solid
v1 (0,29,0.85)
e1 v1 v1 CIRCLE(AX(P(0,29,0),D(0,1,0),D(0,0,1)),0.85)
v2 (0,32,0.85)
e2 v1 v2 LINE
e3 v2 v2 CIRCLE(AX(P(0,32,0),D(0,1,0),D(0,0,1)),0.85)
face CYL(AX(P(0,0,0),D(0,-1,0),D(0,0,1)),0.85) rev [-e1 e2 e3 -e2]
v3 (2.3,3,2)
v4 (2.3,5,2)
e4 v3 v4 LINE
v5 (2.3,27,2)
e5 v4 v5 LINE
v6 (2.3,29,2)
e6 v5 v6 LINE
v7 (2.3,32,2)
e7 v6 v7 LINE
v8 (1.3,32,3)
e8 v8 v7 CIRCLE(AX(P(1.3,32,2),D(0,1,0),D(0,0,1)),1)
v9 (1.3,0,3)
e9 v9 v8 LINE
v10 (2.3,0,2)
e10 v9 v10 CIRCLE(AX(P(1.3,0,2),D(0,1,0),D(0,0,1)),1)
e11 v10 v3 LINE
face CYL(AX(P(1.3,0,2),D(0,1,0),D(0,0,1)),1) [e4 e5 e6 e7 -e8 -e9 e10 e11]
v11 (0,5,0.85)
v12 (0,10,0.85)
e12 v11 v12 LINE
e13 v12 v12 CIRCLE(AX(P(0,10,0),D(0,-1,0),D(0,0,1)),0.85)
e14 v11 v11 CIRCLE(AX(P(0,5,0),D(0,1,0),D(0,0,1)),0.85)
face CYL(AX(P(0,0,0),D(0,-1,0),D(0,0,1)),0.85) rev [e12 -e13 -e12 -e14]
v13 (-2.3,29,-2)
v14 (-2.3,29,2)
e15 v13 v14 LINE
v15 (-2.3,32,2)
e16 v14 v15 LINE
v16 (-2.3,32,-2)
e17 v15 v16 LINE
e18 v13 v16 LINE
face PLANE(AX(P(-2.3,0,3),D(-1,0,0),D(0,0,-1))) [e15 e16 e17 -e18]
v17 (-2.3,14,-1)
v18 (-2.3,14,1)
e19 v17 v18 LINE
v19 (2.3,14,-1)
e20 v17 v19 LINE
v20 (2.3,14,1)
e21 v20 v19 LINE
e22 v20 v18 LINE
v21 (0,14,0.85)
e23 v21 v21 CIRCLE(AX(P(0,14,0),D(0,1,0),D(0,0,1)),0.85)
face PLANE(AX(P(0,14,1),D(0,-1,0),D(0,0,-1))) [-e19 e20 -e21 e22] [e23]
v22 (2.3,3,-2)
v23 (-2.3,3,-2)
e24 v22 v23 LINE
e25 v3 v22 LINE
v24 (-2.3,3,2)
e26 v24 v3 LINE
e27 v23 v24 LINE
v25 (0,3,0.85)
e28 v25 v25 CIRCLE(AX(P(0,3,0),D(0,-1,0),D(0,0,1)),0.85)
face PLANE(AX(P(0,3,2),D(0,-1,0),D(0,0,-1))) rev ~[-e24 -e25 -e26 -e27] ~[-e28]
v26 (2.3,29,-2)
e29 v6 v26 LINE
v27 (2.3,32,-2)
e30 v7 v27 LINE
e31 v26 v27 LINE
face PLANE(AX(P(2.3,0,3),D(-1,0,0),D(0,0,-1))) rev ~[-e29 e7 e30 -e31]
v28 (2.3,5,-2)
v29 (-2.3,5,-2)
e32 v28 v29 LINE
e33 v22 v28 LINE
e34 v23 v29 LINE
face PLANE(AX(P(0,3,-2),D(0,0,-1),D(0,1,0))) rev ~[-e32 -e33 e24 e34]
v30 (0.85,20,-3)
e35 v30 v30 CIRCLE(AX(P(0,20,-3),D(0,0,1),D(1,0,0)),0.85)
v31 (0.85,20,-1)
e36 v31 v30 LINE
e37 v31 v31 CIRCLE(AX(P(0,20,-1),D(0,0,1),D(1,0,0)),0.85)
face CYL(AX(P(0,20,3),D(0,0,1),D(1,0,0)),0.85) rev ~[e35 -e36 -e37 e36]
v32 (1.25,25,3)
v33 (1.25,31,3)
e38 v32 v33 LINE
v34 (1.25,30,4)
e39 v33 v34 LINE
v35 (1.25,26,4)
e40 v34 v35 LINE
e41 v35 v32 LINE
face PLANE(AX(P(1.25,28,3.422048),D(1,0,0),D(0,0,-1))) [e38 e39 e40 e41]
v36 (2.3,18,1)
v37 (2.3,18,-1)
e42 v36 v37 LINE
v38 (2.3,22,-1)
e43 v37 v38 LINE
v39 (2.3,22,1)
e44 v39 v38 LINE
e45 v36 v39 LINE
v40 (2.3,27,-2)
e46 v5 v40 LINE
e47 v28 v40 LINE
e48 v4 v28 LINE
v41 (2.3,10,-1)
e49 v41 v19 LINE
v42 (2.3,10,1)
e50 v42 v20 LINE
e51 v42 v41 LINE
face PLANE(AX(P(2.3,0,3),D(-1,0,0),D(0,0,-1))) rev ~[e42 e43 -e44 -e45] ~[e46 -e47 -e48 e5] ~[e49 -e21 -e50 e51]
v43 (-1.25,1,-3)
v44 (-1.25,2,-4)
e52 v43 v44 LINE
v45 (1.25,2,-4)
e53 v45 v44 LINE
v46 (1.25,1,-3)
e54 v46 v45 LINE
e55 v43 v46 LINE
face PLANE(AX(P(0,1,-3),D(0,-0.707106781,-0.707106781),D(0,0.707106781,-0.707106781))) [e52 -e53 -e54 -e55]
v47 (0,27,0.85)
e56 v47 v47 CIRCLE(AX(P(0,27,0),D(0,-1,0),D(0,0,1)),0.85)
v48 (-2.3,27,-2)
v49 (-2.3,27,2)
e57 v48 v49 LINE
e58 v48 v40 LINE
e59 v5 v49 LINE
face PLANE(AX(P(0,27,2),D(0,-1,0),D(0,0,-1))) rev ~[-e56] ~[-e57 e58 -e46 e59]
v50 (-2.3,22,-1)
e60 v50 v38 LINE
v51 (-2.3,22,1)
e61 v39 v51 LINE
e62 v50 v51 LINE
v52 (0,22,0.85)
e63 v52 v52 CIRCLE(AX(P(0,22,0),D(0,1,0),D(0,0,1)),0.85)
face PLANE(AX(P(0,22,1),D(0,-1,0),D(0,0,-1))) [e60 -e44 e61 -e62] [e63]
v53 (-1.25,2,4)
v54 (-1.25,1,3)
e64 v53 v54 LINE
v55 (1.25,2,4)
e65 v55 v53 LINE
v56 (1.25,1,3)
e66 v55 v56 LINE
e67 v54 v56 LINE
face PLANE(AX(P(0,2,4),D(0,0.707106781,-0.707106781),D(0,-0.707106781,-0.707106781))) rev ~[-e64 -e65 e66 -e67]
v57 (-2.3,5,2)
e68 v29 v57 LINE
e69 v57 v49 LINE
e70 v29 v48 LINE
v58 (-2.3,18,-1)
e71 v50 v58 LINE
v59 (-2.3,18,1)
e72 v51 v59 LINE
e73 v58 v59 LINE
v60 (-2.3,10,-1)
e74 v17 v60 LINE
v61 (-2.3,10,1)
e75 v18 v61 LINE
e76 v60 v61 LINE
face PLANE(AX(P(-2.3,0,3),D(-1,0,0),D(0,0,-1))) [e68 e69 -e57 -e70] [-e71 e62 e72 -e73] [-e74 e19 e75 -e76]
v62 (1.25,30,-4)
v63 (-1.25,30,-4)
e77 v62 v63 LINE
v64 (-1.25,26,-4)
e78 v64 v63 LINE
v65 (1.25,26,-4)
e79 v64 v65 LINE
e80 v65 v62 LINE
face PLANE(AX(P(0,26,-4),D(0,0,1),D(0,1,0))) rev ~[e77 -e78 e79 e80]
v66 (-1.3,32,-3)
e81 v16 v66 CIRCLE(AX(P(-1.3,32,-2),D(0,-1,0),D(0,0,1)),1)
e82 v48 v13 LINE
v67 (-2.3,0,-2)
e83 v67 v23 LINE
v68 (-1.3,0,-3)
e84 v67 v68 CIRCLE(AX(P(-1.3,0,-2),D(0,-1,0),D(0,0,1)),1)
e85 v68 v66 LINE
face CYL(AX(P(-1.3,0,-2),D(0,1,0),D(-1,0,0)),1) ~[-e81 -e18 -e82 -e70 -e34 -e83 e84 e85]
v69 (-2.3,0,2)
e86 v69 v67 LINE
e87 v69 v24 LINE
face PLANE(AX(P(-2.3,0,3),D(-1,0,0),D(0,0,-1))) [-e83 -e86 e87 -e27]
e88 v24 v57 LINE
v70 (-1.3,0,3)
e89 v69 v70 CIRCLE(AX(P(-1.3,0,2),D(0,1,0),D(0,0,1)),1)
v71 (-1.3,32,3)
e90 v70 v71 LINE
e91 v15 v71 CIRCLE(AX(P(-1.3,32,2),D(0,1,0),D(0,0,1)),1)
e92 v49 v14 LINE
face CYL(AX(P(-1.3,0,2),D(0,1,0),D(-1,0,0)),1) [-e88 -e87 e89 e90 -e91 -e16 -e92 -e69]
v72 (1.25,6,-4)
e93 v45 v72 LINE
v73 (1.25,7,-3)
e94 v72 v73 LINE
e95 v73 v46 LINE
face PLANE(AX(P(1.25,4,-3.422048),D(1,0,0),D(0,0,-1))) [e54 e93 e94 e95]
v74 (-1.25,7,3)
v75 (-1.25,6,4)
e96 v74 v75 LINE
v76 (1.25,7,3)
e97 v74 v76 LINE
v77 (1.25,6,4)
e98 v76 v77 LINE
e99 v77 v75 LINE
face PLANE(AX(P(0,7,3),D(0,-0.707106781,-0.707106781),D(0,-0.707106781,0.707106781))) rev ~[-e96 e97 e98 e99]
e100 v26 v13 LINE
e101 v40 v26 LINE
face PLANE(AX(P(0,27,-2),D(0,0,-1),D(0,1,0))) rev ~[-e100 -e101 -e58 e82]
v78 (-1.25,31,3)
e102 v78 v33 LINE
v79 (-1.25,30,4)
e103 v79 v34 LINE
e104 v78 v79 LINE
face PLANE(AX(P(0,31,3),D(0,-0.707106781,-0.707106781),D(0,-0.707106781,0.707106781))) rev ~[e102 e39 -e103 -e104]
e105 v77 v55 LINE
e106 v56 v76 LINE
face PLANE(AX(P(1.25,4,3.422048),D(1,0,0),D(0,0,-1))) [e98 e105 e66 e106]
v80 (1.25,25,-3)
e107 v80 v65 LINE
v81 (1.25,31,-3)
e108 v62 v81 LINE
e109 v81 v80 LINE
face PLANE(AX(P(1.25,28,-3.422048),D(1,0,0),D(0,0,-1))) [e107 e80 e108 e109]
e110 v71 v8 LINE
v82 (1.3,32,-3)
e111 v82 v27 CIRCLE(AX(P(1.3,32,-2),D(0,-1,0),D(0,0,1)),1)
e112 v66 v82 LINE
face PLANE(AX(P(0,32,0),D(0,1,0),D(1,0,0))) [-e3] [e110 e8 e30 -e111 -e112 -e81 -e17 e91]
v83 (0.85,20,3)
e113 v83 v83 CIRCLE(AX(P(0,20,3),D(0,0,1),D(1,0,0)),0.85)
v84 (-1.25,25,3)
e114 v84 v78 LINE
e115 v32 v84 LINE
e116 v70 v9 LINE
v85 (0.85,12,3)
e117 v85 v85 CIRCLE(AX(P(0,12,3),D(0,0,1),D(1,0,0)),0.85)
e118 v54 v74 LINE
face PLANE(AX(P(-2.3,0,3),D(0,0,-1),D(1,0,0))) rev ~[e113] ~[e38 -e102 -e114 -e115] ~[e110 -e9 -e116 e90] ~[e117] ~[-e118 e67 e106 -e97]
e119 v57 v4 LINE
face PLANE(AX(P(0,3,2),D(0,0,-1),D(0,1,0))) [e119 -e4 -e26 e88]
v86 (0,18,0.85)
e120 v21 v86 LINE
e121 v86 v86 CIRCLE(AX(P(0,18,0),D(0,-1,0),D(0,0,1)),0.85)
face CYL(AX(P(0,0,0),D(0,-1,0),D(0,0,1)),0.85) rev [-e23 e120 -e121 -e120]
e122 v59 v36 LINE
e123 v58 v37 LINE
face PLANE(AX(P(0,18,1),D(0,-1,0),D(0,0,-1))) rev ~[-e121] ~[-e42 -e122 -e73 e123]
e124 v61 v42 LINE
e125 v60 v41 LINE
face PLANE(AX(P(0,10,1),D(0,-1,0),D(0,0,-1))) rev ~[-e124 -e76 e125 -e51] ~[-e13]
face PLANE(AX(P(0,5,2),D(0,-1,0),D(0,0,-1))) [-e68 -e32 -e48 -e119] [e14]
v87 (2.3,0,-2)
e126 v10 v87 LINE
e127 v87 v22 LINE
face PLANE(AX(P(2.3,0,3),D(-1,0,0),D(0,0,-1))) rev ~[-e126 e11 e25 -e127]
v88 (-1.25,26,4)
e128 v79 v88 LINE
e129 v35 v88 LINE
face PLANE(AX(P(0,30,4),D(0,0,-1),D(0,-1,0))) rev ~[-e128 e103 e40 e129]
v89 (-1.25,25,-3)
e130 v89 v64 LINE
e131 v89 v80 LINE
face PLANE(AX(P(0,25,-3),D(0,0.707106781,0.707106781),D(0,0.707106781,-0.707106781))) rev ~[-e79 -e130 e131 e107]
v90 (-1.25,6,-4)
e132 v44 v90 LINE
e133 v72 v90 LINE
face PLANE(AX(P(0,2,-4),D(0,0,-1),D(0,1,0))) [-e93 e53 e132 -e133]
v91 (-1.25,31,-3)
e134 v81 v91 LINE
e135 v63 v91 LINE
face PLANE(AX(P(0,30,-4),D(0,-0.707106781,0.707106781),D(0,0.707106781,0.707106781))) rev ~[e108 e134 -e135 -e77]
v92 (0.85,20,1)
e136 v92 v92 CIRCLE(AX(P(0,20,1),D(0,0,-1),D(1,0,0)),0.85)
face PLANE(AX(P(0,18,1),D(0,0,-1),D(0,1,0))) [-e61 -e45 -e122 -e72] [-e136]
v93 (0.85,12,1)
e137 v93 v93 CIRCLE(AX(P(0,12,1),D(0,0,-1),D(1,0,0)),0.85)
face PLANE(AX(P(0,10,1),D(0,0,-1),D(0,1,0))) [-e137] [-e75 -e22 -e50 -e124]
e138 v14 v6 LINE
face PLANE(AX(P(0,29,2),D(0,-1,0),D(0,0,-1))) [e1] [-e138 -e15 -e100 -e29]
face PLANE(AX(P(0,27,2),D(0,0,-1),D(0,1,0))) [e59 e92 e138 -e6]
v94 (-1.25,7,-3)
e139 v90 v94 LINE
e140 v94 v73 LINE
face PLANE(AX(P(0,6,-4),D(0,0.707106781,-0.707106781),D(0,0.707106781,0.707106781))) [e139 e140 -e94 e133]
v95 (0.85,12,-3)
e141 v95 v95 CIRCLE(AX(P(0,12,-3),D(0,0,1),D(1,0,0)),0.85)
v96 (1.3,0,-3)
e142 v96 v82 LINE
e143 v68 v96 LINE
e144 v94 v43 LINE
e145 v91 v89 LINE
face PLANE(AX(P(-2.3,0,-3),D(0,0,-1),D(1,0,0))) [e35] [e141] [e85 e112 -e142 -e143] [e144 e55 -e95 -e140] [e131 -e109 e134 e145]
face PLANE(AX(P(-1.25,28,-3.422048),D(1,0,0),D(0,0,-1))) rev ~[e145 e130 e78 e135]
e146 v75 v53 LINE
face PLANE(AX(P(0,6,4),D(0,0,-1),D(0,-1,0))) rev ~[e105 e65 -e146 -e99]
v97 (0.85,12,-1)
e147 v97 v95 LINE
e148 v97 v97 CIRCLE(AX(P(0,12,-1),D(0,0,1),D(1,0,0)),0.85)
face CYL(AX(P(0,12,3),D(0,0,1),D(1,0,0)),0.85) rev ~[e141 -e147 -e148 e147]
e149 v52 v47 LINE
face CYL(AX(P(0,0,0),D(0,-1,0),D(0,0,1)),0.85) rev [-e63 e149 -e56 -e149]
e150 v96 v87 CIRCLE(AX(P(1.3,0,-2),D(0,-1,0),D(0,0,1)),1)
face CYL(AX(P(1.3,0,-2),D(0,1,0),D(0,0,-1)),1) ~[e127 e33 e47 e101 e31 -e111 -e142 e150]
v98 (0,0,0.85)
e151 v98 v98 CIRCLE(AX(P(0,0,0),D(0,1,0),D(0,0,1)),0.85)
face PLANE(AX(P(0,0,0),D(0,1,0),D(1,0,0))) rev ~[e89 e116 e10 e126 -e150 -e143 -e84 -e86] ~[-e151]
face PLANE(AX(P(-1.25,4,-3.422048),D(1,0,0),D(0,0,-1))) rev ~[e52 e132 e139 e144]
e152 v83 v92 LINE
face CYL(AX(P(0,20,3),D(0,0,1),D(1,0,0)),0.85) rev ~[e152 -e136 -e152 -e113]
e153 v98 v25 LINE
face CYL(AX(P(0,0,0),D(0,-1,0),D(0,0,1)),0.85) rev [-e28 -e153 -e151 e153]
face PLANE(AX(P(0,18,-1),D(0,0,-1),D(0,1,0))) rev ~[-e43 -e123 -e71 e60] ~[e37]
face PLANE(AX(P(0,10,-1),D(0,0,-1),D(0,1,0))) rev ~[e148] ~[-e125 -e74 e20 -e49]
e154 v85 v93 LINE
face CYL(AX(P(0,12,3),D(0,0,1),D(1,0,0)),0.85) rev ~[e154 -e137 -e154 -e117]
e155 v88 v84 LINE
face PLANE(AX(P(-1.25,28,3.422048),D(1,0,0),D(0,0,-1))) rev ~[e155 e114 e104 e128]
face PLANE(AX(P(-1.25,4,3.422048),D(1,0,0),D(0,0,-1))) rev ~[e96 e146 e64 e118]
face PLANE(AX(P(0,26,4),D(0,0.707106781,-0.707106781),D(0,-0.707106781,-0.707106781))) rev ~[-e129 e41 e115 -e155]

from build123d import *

# Parameters (mm, degrees)
SKETCH1_W           = 4.6
SKETCH1_H           = 6
SKETCH1_R           = 0.85
EXTRUDE1_DEPTH      = 32
EXTRUDE2_DEPTH      = 1.25
SKETCH3_R           = 0.85
EXTRUDE4_DEPTH      = 8
FILLET2_R           = 1
SKETCH_W            = 4
SKETCH_H            = 2
EXTRUDE5_DEPTH      = 4.6
EXTRUDE5_DEPTH_BACK = 4.6
SKETCH4_W           = 2
SKETCH4_H           = 4
EXTRUDE6_DEPTH      = 3.3
EXTRUDE6_DEPTH_BACK = 3.3


with BuildPart() as part:
    # Sketch1 → Extrude1 (new body)
    with BuildSketch(Plane(origin=(0, 0, 0), x_dir=(1, 0, 0), z_dir=(0, 1, 0))):
        Rectangle(SKETCH1_W, SKETCH1_H)
        with Locations(Location((0, 0, 0), (0, 0, 270))):  # turned: the seam where the file's is
            Circle(SKETCH1_R, mode=Mode.SUBTRACT)
    extrude(amount=EXTRUDE1_DEPTH)

    # Sketch2 → Extrude2 (add, symmetric)
    with BuildSketch(Plane(origin=(0, 0, 0), x_dir=(0, 0, -1), z_dir=(1, 0, 0))):
        Polygon((-3, 25), (-3, 31), (-4, 30), (-4, 26), align=None)
        Polygon((3, 31), (3, 25), (4, 26), (4, 30), align=None)
        Polygon((-4, 2), (-3, 1), (-3, 7), (-4, 6), align=None)
        Polygon((4, 6), (3, 7), (3, 1), (4, 2), align=None)
    extrude(amount=EXTRUDE2_DEPTH, both=True)

    # Sketch3 → Extrude4 (cut, through all)
    with BuildSketch(Plane.XY.offset(3)):
        with Locations((0, 20)):
            Circle(SKETCH3_R)
        with Locations((0, 12)):
            Circle(SKETCH3_R)
    extrude(amount=-EXTRUDE4_DEPTH, mode=Mode.SUBTRACT)

    # Fillet2
    fillet2_edges = [part.edges().sort_by_distance(p)[0] for p in [
        (-2.3, 16, -3),
        (2.3, 16, -3),
        (2.3, 16, 3),
        (-2.3, 16, 3),
    ]]
    fillet(fillet2_edges, radius=FILLET2_R)

    # Sketch → Extrude5 (cut, two sides)
    with BuildSketch(Plane(origin=(0, 0, 0), x_dir=(0, 0, -1), z_dir=(1, 0, 0))) as extrude5_sk:
        with Locations((0, 28)):
            Rectangle(SKETCH_W, SKETCH_H)
        with Locations((0, 4)):
            Rectangle(SKETCH_W, SKETCH_H)
    extrude(amount=EXTRUDE5_DEPTH, mode=Mode.SUBTRACT)
    extrude(extrude5_sk.sketch, amount=-EXTRUDE5_DEPTH_BACK, mode=Mode.SUBTRACT)

    # Sketch4 → Extrude6 (cut, two sides)
    with BuildSketch(Plane(origin=(0, 0, 0), x_dir=(0, 0, -1), z_dir=(1, 0, 0))) as extrude6_sk:
        with Locations((0, 20)):
            Rectangle(SKETCH4_W, SKETCH4_H)
        with Locations((0, 12)):
            Rectangle(SKETCH4_W, SKETCH4_H)
    extrude(amount=EXTRUDE6_DEPTH, mode=Mode.SUBTRACT)
    extrude(extrude6_sk.sketch, amount=-EXTRUDE6_DEPTH_BACK, mode=Mode.SUBTRACT)


solid = part.part
